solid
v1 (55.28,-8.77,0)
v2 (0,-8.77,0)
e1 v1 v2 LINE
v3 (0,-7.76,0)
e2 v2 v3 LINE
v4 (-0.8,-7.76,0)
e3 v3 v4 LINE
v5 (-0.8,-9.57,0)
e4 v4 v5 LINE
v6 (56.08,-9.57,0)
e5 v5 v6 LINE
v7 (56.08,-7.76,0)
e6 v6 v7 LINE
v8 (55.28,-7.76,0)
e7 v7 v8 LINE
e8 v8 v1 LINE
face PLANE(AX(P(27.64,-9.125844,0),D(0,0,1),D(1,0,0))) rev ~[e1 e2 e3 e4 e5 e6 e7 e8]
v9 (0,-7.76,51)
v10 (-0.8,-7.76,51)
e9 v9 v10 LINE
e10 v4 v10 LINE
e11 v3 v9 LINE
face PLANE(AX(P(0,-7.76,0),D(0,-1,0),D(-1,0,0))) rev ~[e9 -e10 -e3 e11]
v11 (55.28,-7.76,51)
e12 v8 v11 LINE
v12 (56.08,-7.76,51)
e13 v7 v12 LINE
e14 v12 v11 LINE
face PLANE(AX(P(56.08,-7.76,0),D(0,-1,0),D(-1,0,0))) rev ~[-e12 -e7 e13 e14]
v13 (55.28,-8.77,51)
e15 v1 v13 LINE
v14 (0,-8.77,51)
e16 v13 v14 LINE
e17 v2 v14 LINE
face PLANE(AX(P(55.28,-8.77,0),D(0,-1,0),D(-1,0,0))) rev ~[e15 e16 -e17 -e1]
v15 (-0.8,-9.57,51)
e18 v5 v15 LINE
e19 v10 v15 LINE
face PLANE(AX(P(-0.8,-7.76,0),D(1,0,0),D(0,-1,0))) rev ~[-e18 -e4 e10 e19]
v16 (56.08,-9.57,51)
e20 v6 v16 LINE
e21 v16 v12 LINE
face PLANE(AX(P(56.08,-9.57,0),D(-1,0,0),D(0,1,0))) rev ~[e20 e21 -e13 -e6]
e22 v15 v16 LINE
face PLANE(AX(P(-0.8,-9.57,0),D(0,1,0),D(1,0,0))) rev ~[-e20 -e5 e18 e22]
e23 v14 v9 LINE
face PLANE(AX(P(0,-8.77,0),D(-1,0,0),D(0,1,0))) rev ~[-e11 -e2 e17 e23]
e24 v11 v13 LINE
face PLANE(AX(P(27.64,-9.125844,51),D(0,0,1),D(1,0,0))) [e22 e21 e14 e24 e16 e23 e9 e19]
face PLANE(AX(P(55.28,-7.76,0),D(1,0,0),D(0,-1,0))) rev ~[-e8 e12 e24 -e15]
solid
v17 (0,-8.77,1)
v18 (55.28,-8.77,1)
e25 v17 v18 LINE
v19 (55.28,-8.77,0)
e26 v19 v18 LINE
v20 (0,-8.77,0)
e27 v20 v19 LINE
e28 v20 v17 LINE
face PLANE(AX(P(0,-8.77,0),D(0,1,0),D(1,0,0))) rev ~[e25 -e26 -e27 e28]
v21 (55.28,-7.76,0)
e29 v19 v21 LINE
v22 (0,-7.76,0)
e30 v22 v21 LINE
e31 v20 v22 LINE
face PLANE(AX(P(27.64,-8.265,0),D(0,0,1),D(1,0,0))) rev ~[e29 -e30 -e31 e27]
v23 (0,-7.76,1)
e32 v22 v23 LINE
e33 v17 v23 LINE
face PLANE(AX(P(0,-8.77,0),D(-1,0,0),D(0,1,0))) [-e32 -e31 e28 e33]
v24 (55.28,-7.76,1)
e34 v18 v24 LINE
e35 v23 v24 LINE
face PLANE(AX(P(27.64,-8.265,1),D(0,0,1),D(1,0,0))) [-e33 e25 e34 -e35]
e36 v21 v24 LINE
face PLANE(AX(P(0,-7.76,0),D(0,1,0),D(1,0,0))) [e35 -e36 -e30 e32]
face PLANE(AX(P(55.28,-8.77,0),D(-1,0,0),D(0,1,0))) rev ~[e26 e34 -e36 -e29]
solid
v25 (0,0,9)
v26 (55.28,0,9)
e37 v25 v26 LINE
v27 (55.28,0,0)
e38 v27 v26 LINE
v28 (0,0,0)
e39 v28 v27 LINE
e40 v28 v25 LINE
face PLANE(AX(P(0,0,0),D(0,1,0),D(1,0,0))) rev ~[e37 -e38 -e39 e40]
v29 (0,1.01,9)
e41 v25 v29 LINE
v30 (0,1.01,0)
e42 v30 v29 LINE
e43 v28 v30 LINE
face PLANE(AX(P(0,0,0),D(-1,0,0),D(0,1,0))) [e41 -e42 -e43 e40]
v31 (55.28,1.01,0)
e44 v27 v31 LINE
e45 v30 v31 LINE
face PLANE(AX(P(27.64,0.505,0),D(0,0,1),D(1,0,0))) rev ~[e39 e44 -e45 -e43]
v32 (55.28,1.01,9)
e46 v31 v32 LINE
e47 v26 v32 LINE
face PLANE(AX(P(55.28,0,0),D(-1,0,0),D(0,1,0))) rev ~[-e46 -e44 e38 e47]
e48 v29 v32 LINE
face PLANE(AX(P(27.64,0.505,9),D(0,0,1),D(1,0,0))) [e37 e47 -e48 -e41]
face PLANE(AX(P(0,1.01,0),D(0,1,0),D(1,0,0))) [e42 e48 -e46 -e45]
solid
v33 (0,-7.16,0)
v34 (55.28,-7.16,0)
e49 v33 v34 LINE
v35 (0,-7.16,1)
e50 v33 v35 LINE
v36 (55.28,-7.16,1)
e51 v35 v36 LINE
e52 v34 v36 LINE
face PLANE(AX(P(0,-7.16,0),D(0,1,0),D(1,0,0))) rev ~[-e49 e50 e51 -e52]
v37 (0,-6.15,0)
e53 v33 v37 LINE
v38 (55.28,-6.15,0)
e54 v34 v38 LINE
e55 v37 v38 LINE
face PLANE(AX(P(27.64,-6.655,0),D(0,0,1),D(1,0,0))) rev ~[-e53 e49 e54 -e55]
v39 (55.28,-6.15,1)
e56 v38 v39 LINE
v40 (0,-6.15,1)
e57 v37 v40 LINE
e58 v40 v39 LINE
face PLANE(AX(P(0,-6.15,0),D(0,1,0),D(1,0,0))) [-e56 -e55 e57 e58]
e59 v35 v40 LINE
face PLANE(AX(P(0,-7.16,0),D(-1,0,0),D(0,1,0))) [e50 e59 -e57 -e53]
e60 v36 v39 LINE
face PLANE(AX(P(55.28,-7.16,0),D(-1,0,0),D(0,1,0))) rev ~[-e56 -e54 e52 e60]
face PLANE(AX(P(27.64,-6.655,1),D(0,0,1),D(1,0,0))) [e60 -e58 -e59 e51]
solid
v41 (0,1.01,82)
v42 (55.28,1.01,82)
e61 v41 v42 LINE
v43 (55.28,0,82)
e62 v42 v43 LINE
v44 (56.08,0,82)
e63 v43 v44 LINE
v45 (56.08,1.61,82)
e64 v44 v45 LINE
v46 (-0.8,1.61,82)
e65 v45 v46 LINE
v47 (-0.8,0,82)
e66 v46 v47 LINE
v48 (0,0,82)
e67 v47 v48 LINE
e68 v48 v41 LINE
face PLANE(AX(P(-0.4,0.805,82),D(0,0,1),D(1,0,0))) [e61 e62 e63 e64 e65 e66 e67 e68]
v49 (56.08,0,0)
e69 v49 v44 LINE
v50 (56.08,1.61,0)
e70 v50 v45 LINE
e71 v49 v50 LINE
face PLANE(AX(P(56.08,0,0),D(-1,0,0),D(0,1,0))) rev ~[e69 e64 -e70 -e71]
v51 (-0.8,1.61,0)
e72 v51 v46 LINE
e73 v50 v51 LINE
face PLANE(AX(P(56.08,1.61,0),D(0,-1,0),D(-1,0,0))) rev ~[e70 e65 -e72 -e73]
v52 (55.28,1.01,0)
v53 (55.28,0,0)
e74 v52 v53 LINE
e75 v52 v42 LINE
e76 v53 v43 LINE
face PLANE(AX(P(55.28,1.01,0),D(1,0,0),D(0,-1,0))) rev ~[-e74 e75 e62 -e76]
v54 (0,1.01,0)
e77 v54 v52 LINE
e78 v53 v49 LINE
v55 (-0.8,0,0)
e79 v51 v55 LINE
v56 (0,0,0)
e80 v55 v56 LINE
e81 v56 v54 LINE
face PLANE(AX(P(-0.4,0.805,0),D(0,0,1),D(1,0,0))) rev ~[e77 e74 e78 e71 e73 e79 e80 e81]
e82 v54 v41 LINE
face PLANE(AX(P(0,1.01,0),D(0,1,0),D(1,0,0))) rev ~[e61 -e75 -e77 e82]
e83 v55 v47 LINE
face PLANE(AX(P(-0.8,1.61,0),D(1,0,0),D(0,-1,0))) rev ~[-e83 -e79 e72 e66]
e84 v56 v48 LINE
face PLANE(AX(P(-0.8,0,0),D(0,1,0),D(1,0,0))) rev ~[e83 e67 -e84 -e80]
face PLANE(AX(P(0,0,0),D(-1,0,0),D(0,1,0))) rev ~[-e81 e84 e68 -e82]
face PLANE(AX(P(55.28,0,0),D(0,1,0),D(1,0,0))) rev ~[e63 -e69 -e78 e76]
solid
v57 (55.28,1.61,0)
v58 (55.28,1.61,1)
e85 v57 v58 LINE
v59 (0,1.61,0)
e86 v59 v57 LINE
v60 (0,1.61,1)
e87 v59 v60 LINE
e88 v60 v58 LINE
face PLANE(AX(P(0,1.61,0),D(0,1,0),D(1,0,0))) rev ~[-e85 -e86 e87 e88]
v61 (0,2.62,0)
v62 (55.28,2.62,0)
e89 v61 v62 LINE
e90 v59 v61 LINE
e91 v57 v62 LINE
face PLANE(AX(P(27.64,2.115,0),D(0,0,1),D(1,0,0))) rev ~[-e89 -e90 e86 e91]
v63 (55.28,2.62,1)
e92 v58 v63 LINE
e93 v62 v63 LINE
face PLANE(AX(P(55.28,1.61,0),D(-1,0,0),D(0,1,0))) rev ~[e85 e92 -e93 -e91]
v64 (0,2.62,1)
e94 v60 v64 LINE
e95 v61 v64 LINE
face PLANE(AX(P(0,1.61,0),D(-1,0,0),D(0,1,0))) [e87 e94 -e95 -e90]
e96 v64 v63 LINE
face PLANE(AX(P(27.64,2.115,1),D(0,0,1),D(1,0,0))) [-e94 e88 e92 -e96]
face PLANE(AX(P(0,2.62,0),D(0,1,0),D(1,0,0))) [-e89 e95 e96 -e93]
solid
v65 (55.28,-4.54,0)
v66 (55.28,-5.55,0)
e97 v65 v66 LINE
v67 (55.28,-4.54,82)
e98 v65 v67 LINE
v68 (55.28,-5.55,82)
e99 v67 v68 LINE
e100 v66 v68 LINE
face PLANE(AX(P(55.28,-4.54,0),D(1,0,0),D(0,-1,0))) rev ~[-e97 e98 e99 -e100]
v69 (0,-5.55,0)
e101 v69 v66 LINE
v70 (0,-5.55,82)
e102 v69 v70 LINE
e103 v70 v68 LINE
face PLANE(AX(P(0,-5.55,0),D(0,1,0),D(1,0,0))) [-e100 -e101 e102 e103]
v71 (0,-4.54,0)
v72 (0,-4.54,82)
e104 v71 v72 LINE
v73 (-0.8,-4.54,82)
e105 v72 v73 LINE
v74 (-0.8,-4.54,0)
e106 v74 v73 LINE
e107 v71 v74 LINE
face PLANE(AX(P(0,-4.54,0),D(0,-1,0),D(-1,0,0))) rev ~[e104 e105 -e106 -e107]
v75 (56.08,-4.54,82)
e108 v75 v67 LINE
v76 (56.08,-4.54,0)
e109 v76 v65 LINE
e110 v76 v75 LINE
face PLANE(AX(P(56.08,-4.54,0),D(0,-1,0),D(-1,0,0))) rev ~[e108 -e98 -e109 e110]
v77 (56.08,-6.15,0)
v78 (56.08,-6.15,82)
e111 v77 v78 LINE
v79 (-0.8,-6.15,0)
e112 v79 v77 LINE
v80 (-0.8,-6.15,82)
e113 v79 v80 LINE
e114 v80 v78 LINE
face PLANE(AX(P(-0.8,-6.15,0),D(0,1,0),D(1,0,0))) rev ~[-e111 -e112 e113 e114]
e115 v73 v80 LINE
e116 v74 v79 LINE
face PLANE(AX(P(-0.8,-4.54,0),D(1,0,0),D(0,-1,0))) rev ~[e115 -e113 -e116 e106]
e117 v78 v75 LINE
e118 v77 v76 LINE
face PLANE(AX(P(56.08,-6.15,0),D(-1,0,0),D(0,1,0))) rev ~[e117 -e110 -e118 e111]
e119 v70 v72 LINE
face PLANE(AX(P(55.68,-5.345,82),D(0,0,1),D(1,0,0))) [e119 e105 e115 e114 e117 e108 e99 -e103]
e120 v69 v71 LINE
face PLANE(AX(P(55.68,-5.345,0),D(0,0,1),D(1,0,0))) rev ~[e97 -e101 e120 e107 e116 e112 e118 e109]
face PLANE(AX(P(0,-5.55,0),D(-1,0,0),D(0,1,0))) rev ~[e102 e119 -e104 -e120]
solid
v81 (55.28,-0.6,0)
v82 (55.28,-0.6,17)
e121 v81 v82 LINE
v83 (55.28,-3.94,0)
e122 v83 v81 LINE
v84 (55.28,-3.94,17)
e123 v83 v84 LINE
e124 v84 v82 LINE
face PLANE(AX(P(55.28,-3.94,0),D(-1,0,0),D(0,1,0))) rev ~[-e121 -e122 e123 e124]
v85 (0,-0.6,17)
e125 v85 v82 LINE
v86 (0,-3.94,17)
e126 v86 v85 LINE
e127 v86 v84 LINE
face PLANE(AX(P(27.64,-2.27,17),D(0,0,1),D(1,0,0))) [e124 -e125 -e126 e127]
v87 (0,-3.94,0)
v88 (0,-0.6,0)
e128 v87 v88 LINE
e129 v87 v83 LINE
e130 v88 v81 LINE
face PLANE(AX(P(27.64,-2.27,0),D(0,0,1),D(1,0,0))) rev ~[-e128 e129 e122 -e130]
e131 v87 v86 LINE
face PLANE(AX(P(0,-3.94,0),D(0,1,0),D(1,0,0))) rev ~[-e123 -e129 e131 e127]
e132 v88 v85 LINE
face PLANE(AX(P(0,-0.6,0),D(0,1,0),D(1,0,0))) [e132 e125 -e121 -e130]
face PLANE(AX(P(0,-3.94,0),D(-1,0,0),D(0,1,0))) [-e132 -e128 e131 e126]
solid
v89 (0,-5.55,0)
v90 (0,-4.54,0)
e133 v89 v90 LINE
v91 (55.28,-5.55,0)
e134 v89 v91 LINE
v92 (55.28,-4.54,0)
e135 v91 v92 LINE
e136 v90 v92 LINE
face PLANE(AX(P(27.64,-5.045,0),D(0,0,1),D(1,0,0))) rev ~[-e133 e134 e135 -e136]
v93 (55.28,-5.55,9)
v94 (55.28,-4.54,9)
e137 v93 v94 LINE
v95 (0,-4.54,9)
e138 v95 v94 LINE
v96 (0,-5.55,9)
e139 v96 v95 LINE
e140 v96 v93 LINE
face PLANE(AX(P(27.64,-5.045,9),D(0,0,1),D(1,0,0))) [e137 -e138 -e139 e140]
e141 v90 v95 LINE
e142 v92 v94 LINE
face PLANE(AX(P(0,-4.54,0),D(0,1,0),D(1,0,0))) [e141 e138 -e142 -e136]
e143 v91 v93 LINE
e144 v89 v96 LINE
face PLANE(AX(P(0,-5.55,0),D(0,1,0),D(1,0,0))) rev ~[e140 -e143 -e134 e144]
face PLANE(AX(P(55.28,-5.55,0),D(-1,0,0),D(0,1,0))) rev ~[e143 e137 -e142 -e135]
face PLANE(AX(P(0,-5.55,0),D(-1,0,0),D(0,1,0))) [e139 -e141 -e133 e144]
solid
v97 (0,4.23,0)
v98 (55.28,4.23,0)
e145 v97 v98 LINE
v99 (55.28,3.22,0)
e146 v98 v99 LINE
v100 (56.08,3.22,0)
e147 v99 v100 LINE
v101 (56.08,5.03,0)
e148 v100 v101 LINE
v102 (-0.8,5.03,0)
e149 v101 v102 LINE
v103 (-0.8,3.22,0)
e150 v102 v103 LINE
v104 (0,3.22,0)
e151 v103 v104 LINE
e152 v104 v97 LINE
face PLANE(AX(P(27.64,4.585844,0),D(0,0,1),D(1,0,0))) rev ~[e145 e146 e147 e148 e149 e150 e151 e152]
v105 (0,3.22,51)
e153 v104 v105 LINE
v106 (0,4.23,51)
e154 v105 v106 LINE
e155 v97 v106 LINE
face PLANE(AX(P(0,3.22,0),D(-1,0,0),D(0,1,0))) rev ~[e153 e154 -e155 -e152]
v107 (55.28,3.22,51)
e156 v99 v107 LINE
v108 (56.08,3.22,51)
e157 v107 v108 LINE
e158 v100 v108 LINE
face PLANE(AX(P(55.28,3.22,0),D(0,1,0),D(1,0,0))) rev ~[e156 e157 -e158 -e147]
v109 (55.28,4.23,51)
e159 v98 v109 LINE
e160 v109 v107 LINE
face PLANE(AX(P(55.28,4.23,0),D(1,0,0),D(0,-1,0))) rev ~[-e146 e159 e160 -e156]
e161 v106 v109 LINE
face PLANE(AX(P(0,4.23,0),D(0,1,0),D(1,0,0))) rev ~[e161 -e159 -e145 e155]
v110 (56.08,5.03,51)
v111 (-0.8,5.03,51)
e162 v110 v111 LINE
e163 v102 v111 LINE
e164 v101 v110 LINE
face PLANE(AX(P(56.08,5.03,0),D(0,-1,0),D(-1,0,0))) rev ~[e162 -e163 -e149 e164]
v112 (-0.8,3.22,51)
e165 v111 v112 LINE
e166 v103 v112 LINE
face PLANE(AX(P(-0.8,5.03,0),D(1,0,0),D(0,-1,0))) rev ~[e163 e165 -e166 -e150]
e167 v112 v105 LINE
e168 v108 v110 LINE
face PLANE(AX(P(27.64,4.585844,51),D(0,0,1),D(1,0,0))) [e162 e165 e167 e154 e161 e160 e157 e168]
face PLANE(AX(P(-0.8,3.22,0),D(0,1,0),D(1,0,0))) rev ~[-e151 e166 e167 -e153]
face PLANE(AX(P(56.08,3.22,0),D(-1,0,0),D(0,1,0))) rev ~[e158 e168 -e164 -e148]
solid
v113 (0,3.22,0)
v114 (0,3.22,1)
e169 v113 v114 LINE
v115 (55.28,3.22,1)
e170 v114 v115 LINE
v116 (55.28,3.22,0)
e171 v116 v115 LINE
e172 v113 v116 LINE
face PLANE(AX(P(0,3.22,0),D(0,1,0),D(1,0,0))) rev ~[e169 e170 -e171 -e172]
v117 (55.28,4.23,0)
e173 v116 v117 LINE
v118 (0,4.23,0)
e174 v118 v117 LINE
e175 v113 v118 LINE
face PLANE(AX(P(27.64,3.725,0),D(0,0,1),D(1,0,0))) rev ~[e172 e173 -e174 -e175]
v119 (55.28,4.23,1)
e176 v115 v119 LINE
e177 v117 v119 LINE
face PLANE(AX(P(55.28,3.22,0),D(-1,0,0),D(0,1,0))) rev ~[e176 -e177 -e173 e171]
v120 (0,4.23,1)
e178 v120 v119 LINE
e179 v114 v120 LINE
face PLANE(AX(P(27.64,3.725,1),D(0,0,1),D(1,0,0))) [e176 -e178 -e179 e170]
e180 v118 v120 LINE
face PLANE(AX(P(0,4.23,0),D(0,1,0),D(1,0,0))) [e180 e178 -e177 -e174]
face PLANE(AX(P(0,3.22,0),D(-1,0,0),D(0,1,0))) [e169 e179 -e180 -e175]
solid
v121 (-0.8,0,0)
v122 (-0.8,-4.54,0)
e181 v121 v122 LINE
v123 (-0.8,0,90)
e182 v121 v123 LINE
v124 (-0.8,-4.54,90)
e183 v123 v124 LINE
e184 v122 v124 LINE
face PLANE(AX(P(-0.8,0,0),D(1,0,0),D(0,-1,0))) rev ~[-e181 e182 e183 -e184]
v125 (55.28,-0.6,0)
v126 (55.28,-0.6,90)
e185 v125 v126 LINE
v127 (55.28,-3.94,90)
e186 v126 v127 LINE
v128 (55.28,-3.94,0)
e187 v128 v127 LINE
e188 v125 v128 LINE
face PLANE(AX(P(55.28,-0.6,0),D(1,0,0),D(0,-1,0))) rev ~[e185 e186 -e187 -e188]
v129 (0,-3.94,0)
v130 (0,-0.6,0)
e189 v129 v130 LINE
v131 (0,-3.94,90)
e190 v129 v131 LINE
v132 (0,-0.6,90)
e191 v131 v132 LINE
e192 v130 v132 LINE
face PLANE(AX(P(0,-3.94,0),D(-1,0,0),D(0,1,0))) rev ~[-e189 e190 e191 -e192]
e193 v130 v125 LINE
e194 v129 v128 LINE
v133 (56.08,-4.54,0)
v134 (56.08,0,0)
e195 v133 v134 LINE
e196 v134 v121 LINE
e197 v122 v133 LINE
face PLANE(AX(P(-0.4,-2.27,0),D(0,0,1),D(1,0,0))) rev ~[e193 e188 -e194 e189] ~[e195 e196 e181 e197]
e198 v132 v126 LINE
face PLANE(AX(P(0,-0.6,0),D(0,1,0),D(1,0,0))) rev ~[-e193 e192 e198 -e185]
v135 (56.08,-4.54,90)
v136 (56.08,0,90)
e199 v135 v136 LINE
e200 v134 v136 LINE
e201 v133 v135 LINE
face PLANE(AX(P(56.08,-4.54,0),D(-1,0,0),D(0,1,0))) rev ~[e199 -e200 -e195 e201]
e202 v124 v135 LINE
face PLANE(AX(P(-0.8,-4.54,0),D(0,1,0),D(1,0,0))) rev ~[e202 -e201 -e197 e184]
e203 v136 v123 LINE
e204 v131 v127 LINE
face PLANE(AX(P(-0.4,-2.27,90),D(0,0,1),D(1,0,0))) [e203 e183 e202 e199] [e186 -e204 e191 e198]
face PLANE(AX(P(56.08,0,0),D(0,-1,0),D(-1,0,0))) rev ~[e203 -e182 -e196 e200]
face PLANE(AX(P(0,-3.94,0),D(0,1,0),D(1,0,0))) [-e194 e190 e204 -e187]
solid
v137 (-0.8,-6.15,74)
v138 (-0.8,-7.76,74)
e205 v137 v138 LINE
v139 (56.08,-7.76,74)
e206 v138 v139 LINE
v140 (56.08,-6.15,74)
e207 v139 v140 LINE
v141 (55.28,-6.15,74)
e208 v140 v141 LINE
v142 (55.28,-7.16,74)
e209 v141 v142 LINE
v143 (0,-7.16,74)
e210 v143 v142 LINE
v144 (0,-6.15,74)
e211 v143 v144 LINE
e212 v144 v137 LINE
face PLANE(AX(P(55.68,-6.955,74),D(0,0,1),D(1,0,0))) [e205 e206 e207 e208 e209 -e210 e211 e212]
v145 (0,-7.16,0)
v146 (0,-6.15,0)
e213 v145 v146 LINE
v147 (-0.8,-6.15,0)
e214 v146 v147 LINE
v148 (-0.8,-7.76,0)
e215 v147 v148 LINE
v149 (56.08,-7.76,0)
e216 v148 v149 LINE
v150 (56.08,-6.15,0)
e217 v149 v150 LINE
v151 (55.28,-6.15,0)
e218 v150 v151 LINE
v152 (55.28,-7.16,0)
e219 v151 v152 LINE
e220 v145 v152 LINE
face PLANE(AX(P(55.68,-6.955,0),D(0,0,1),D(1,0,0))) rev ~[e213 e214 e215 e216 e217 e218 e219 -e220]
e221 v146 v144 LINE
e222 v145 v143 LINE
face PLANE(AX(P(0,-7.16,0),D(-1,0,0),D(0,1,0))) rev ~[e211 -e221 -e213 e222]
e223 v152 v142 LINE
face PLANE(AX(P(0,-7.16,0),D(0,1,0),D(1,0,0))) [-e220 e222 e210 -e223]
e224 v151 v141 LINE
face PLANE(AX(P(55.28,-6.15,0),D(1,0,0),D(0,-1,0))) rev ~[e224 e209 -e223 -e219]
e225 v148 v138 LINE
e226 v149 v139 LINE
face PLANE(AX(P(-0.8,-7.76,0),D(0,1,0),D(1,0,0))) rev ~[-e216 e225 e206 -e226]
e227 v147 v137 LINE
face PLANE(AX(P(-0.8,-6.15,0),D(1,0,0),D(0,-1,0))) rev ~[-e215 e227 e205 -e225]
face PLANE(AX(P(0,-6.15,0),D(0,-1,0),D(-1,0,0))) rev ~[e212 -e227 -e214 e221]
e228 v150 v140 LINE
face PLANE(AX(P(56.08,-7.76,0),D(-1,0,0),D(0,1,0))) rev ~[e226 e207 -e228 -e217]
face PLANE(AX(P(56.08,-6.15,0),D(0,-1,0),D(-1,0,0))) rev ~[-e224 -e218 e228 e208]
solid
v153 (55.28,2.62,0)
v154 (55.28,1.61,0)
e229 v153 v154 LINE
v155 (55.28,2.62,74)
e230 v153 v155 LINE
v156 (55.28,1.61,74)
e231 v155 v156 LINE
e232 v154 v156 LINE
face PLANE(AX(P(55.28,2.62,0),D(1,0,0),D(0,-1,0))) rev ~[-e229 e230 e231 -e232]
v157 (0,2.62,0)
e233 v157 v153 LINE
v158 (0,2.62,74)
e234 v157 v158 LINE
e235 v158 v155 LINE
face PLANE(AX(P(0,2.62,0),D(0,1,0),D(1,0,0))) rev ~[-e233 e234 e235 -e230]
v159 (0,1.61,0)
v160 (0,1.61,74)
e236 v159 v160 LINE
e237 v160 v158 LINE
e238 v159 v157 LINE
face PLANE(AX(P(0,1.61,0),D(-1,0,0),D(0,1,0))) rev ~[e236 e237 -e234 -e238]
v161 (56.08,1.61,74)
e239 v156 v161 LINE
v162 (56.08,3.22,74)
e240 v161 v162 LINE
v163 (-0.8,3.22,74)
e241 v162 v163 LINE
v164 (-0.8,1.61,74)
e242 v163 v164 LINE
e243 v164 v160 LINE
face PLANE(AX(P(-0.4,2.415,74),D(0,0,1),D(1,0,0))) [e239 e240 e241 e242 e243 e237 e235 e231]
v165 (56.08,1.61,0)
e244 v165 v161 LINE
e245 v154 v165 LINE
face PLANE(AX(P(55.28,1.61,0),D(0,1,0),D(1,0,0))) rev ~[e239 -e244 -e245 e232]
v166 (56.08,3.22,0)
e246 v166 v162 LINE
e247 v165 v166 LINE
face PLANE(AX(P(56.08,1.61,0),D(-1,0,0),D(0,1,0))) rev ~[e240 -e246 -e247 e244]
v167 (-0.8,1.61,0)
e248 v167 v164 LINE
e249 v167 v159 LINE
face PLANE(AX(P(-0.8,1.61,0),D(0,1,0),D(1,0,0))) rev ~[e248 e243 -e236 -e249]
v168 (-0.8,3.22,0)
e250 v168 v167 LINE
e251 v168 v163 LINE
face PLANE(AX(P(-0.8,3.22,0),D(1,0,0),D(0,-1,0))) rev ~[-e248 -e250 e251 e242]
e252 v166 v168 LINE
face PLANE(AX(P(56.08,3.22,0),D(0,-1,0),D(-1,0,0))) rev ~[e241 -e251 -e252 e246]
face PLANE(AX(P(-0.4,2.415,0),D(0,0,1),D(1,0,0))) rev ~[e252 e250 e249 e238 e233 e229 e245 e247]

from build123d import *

# Parameters (mm, degrees)
F0_W     = 55.28
F0_H     = 1.01
F1_DEPTH = 1
F2_DEPTH = 9
F0_H_2   = 3.34
F3_DEPTH = 17
F4_DEPTH = 51
F0_H_3   = 0.6
F5_DEPTH = 74
F6_DEPTH = 82
F7_DEPTH = 90


with BuildPart() as f1:
    # F0 (on Top) → F1 (new body)
    with BuildSketch(Plane.XY):
        with Locations((27.64, 3.725)):
            Rectangle(F0_W, F0_H)
        with Locations((27.64, 2.115)):
            Rectangle(F0_W, F0_H)
        with Locations((27.64, -6.655)):
            Rectangle(F0_W, F0_H)
        with Locations((27.64, -8.265)):
            Rectangle(F0_W, F0_H)
    extrude(amount=F1_DEPTH)


with BuildPart() as f2:
    # F0 (on Top) → F2 (new body)
    with BuildSketch(Plane.XY):
        with Locations((27.64, 0.505)):
            Rectangle(F0_W, F0_H)
        with Locations((27.64, -5.045)):
            Rectangle(F0_W, F0_H)
    extrude(amount=F2_DEPTH)


with BuildPart() as f3:
    # F0 (on Top) → F3 (new body)
    with BuildSketch(Plane.XY):
        with Locations((27.64, -2.27)):
            Rectangle(F0_W, F0_H_2)
    extrude(amount=F3_DEPTH)


with BuildPart() as f4:
    # F0 (on Top) → F4 (new body)
    with BuildSketch(Plane.XY):
        Polygon((-0.8, 3.22), (0, 3.22), (0, 4.23), (55.28, 4.23), (55.28, 3.22), (56.08, 3.22), (56.08, 5.03), (-0.8, 5.03), align=None)
        Polygon((56.08, -9.57), (56.08, -7.76), (55.28, -7.76), (55.28, -8.77), (0, -8.77), (0, -7.76), (-0.8, -7.76), (-0.8, -9.57), align=None)
    extrude(amount=F4_DEPTH)


with BuildPart() as f5:
    # F0 (on Top) → F5 (new body)
    with BuildSketch(Plane.XY):
        Polygon((-0.8, 1.61), (0, 1.61), (0, 2.62), (0, 3.22), (-0.8, 3.22), (-0.8, 2.72), align=None)
        with Locations((27.64, 2.92)):
            Rectangle(F0_W, F0_H_3)
        Polygon((55.28, 2.62), (55.28, 1.61), (56.08, 1.61), (56.08, 2.483085), (56.08, 3.22), (55.28, 3.22), align=None)
        Polygon((56.08, -7.011401), (56.08, -6.15), (55.28, -6.15), (55.28, -7.16), (55.28, -7.76), (56.08, -7.76), align=None)
        with Locations((27.64, -7.46)):
            Rectangle(F0_W, F0_H_3)
        Polygon((0, -7.16), (0, -6.15), (-0.8, -6.15), (-0.8, -7.36), (-0.8, -7.76), (0, -7.76), align=None)
    extrude(amount=F5_DEPTH)


with BuildPart() as f6:
    # F0 (on Top) → F6 (new body)
    with BuildSketch(Plane.XY):
        Polygon((-0.8, 0), (0, 0), (0, 1.01), (0, 1.61), (-0.8, 1.61), (-0.8, 1.06), align=None)
        with Locations((27.64, 1.31)):
            Rectangle(F0_W, F0_H_3)
        Polygon((55.28, 1.01), (55.28, 0), (56.08, 0), (56.08, 1.61), (55.28, 1.61), align=None)
        Polygon((56.08, -4.54), (55.28, -4.54), (55.28, -5.55), (55.28, -6.15), (56.08, -6.15), align=None)
        with Locations((27.64, -5.85)):
            Rectangle(F0_W, F0_H_3)
        Polygon((0, -5.55), (0, -4.54), (-0.8, -4.54), (-0.8, -5.7), (-0.8, -6.15), (0, -6.15), align=None)
    extrude(amount=F6_DEPTH)


with BuildPart() as f7:
    # F0 (on Top) → F7 (new body)
    with BuildSketch(Plane.XY):
        Polygon((0, -0.6), (0, 0), (-0.8, 0), (-0.8, -0.6), (-0.8, -4.04), (-0.8, -4.54), (0, -4.54), (0, -3.94), align=None)
        with Locations((27.64, -0.3)):
            Rectangle(F0_W, F0_H_3)
        Polygon((56.08, 0), (55.28, 0), (55.28, -0.6), (55.28, -3.94), (55.28, -4.54), (56.08, -4.54), (56.08, -3.855519), align=None)
        with Locations((27.64, -4.24)):
            Rectangle(F0_W, F0_H_3)
    extrude(amount=F7_DEPTH)


solid = Compound([f1.part, f2.part, f3.part, f4.part, f5.part, f6.part, f7.part])
